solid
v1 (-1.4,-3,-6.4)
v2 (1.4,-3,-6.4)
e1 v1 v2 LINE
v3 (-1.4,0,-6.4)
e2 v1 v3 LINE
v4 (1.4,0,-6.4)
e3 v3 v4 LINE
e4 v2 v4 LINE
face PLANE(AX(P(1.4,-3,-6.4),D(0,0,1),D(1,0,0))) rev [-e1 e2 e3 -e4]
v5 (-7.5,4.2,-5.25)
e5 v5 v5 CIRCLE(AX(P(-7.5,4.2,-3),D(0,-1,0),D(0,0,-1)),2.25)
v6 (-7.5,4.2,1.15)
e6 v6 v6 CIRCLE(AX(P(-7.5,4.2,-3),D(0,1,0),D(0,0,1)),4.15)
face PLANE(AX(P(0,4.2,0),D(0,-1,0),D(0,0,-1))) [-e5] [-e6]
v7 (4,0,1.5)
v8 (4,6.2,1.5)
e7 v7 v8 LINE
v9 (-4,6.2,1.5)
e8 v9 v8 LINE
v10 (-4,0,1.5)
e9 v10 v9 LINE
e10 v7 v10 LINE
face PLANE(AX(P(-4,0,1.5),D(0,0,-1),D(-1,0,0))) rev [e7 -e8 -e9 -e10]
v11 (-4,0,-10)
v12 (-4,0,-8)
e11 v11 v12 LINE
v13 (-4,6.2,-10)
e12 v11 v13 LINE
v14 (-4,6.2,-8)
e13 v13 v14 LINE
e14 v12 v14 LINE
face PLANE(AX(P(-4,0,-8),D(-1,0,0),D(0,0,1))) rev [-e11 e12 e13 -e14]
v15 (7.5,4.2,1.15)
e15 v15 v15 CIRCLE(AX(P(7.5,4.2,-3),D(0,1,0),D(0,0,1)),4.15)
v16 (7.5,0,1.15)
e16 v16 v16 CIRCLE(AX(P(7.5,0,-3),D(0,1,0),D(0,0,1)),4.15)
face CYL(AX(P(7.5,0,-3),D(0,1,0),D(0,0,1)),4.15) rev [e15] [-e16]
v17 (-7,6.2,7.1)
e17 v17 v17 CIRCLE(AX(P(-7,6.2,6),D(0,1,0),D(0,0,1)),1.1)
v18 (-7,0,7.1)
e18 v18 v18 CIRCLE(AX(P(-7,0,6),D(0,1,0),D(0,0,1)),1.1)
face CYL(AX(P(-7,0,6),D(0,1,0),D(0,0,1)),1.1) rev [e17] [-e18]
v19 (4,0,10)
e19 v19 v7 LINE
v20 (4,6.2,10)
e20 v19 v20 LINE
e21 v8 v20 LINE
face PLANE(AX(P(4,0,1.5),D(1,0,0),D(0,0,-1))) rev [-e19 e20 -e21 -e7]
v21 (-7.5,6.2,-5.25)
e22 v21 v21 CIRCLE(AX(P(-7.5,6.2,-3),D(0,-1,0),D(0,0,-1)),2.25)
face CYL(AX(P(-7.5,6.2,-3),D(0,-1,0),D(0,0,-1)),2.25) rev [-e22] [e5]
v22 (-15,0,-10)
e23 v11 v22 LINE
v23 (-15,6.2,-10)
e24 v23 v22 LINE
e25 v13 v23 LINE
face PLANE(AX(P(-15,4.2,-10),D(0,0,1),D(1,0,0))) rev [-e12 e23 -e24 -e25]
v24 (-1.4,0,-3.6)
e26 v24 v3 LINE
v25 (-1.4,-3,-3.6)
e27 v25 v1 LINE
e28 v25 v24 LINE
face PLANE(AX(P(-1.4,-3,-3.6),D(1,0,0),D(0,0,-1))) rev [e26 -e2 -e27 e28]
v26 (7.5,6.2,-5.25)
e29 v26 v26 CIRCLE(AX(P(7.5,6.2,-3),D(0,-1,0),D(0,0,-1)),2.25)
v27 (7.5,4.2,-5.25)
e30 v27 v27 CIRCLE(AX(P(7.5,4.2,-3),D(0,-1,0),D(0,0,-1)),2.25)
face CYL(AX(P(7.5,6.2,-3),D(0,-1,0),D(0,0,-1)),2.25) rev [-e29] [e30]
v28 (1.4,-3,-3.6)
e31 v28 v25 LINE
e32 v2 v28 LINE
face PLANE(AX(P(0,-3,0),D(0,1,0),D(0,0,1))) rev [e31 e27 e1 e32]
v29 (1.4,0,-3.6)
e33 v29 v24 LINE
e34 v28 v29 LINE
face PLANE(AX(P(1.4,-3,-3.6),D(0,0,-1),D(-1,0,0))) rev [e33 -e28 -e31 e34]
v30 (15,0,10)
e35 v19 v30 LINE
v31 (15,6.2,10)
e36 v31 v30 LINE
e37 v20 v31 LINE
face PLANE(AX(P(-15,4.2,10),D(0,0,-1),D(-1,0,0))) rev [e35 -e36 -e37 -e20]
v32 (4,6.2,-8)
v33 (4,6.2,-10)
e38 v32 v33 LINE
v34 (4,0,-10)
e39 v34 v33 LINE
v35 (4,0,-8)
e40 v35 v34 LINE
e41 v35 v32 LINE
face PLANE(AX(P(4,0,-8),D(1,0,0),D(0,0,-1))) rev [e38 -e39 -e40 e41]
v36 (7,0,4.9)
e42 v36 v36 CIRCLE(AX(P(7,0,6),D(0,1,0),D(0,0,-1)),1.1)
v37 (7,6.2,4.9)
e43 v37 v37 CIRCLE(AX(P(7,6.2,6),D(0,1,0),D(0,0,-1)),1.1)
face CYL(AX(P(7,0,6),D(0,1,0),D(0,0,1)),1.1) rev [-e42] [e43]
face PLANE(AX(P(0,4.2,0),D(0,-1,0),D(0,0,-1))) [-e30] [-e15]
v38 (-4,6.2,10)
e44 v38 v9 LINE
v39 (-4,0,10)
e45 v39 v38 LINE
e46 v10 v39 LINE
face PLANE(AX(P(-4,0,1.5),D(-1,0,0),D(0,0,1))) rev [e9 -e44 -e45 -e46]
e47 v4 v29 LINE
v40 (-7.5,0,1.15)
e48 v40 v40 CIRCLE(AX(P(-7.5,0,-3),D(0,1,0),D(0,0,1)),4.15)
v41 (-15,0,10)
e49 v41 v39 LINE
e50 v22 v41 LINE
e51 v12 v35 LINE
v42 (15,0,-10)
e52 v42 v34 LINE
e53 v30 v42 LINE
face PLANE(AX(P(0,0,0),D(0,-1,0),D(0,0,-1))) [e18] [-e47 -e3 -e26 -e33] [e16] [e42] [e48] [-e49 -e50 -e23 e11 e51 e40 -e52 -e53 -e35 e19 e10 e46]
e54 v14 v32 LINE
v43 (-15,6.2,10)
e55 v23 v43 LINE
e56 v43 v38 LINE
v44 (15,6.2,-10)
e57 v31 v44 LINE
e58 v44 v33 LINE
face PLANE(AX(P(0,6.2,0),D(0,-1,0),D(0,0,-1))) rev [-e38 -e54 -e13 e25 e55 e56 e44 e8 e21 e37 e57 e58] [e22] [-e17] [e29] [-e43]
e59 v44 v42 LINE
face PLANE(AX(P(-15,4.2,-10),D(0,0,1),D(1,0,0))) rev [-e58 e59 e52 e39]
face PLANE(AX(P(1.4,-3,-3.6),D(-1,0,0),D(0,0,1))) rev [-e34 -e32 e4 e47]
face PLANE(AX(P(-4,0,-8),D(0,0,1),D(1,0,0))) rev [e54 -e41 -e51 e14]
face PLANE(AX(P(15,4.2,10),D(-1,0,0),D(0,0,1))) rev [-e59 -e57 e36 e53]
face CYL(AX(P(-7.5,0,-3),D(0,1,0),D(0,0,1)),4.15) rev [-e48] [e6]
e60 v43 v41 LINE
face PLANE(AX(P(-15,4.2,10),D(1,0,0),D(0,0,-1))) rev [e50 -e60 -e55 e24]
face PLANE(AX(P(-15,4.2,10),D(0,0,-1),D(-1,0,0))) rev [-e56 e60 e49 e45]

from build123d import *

# Parameters (mm, degrees)
SKETCH_1_W          = 30
SKETCH_1_H          = 20
EXTRUDE_1_DEPTH     = 4.2
SKETCH_2_R          = 4.15
CUT_EXTRUDE_1_DEPTH = 19.510537539
SKETCH_3_W          = 8
SKETCH_3_H          = 8.5
CUT_EXTRUDE_2_DEPTH = 19.510537539
EXTRUDE_2_DEPTH     = 2
SKETCH_5_R          = 2.25
CUT_EXTRUDE_3_DEPTH = 19.510537539
SKETCH_6_W          = 8
SKETCH_6_H          = 2
CUT_EXTRUDE_4_DEPTH = 20.064102392
SKETCH_7_R          = 1.1
CUT_EXTRUDE_5_DEPTH = 20.064102392
SKETCH_8_W          = 2.8
SKETCH_8_H          = 2.8
EXTRUDE_3_DEPTH     = 3


with BuildPart() as part:
    # 草图1 → 凸台-拉伸1 (new body)
    with BuildSketch(Plane(origin=(0, 0, 0), x_dir=(1, 0, 0), z_dir=(0, 1, 0))):
        Rectangle(SKETCH_1_W, SKETCH_1_H)
    extrude(amount=EXTRUDE_1_DEPTH)

    # 草图2 → 切除-拉伸1 (cut, through all)
    with BuildSketch(Plane(origin=(0, 4.2, 0), x_dir=(1, 0, 0), z_dir=(0, 1, 0))):
        with Locations(Location((-7.5, 3, 0), (0, 0, 270))):
            Circle(SKETCH_2_R)
        with Locations(Location((7.5, 3, 0), (0, 0, 270))):
            Circle(SKETCH_2_R)
    extrude(amount=-CUT_EXTRUDE_1_DEPTH, mode=Mode.SUBTRACT)

    # 草图3 → 切除-拉伸2 (cut, through all)
    with BuildSketch(Plane(origin=(0, 4.2, 0), x_dir=(1, 0, 0), z_dir=(0, 1, 0))):
        with Locations((0, -5.75)):
            Rectangle(SKETCH_3_W, SKETCH_3_H)
    extrude(amount=-CUT_EXTRUDE_2_DEPTH, mode=Mode.SUBTRACT)

    # 草图4 → 凸台-拉伸2 (add)
    with BuildSketch(Plane(origin=(0, 4.2, 0), x_dir=(1, 0, 0), z_dir=(0, 1, 0))):
        Polygon((-4, -1.5), (4, -1.5), (4, -10), (15, -10), (15, 10), (-15, 10), (-15, -10), (-4, -10), align=None)
    extrude(amount=EXTRUDE_2_DEPTH)

    # 草图5 → 切除-拉伸3 (cut, through all)
    with BuildSketch(Plane.XZ.offset(-4.2)):
        with Locations(Location((-7.5, -3, 0), (0, 0, 270))):
            Circle(SKETCH_5_R)
        with Locations(Location((7.5, -3, 0), (0, 0, 270))):
            Circle(SKETCH_5_R)
    extrude(amount=-CUT_EXTRUDE_3_DEPTH, mode=Mode.SUBTRACT)

    # 草图6 → 切除-拉伸4 (cut, through all)
    with BuildSketch(Plane(origin=(0, 6.2, 0), x_dir=(1, 0, 0), z_dir=(0, 1, 0))):
        with Locations((0, 9)):
            Rectangle(SKETCH_6_W, SKETCH_6_H)
    extrude(amount=-CUT_EXTRUDE_4_DEPTH, mode=Mode.SUBTRACT)

    # 草图7 → 切除-拉伸5 (cut, through all)
    with BuildSketch(Plane(origin=(0, 6.2, 0), x_dir=(1, 0, 0), z_dir=(0, 1, 0))):
        with Locations(Location((-7, -6, 0), (0, 0, 270))):
            Circle(SKETCH_7_R)
        with Locations(Location((7, -6, 0), (0, 0, 90))):
            Circle(SKETCH_7_R)
    extrude(amount=-CUT_EXTRUDE_5_DEPTH, mode=Mode.SUBTRACT)

    # 草图8 → 凸台-拉伸3 (add)
    with BuildSketch(Plane.XZ):
        with Locations((0, -5)):
            Rectangle(SKETCH_8_W, SKETCH_8_H)
    extrude(amount=EXTRUDE_3_DEPTH)


solid = part.part
